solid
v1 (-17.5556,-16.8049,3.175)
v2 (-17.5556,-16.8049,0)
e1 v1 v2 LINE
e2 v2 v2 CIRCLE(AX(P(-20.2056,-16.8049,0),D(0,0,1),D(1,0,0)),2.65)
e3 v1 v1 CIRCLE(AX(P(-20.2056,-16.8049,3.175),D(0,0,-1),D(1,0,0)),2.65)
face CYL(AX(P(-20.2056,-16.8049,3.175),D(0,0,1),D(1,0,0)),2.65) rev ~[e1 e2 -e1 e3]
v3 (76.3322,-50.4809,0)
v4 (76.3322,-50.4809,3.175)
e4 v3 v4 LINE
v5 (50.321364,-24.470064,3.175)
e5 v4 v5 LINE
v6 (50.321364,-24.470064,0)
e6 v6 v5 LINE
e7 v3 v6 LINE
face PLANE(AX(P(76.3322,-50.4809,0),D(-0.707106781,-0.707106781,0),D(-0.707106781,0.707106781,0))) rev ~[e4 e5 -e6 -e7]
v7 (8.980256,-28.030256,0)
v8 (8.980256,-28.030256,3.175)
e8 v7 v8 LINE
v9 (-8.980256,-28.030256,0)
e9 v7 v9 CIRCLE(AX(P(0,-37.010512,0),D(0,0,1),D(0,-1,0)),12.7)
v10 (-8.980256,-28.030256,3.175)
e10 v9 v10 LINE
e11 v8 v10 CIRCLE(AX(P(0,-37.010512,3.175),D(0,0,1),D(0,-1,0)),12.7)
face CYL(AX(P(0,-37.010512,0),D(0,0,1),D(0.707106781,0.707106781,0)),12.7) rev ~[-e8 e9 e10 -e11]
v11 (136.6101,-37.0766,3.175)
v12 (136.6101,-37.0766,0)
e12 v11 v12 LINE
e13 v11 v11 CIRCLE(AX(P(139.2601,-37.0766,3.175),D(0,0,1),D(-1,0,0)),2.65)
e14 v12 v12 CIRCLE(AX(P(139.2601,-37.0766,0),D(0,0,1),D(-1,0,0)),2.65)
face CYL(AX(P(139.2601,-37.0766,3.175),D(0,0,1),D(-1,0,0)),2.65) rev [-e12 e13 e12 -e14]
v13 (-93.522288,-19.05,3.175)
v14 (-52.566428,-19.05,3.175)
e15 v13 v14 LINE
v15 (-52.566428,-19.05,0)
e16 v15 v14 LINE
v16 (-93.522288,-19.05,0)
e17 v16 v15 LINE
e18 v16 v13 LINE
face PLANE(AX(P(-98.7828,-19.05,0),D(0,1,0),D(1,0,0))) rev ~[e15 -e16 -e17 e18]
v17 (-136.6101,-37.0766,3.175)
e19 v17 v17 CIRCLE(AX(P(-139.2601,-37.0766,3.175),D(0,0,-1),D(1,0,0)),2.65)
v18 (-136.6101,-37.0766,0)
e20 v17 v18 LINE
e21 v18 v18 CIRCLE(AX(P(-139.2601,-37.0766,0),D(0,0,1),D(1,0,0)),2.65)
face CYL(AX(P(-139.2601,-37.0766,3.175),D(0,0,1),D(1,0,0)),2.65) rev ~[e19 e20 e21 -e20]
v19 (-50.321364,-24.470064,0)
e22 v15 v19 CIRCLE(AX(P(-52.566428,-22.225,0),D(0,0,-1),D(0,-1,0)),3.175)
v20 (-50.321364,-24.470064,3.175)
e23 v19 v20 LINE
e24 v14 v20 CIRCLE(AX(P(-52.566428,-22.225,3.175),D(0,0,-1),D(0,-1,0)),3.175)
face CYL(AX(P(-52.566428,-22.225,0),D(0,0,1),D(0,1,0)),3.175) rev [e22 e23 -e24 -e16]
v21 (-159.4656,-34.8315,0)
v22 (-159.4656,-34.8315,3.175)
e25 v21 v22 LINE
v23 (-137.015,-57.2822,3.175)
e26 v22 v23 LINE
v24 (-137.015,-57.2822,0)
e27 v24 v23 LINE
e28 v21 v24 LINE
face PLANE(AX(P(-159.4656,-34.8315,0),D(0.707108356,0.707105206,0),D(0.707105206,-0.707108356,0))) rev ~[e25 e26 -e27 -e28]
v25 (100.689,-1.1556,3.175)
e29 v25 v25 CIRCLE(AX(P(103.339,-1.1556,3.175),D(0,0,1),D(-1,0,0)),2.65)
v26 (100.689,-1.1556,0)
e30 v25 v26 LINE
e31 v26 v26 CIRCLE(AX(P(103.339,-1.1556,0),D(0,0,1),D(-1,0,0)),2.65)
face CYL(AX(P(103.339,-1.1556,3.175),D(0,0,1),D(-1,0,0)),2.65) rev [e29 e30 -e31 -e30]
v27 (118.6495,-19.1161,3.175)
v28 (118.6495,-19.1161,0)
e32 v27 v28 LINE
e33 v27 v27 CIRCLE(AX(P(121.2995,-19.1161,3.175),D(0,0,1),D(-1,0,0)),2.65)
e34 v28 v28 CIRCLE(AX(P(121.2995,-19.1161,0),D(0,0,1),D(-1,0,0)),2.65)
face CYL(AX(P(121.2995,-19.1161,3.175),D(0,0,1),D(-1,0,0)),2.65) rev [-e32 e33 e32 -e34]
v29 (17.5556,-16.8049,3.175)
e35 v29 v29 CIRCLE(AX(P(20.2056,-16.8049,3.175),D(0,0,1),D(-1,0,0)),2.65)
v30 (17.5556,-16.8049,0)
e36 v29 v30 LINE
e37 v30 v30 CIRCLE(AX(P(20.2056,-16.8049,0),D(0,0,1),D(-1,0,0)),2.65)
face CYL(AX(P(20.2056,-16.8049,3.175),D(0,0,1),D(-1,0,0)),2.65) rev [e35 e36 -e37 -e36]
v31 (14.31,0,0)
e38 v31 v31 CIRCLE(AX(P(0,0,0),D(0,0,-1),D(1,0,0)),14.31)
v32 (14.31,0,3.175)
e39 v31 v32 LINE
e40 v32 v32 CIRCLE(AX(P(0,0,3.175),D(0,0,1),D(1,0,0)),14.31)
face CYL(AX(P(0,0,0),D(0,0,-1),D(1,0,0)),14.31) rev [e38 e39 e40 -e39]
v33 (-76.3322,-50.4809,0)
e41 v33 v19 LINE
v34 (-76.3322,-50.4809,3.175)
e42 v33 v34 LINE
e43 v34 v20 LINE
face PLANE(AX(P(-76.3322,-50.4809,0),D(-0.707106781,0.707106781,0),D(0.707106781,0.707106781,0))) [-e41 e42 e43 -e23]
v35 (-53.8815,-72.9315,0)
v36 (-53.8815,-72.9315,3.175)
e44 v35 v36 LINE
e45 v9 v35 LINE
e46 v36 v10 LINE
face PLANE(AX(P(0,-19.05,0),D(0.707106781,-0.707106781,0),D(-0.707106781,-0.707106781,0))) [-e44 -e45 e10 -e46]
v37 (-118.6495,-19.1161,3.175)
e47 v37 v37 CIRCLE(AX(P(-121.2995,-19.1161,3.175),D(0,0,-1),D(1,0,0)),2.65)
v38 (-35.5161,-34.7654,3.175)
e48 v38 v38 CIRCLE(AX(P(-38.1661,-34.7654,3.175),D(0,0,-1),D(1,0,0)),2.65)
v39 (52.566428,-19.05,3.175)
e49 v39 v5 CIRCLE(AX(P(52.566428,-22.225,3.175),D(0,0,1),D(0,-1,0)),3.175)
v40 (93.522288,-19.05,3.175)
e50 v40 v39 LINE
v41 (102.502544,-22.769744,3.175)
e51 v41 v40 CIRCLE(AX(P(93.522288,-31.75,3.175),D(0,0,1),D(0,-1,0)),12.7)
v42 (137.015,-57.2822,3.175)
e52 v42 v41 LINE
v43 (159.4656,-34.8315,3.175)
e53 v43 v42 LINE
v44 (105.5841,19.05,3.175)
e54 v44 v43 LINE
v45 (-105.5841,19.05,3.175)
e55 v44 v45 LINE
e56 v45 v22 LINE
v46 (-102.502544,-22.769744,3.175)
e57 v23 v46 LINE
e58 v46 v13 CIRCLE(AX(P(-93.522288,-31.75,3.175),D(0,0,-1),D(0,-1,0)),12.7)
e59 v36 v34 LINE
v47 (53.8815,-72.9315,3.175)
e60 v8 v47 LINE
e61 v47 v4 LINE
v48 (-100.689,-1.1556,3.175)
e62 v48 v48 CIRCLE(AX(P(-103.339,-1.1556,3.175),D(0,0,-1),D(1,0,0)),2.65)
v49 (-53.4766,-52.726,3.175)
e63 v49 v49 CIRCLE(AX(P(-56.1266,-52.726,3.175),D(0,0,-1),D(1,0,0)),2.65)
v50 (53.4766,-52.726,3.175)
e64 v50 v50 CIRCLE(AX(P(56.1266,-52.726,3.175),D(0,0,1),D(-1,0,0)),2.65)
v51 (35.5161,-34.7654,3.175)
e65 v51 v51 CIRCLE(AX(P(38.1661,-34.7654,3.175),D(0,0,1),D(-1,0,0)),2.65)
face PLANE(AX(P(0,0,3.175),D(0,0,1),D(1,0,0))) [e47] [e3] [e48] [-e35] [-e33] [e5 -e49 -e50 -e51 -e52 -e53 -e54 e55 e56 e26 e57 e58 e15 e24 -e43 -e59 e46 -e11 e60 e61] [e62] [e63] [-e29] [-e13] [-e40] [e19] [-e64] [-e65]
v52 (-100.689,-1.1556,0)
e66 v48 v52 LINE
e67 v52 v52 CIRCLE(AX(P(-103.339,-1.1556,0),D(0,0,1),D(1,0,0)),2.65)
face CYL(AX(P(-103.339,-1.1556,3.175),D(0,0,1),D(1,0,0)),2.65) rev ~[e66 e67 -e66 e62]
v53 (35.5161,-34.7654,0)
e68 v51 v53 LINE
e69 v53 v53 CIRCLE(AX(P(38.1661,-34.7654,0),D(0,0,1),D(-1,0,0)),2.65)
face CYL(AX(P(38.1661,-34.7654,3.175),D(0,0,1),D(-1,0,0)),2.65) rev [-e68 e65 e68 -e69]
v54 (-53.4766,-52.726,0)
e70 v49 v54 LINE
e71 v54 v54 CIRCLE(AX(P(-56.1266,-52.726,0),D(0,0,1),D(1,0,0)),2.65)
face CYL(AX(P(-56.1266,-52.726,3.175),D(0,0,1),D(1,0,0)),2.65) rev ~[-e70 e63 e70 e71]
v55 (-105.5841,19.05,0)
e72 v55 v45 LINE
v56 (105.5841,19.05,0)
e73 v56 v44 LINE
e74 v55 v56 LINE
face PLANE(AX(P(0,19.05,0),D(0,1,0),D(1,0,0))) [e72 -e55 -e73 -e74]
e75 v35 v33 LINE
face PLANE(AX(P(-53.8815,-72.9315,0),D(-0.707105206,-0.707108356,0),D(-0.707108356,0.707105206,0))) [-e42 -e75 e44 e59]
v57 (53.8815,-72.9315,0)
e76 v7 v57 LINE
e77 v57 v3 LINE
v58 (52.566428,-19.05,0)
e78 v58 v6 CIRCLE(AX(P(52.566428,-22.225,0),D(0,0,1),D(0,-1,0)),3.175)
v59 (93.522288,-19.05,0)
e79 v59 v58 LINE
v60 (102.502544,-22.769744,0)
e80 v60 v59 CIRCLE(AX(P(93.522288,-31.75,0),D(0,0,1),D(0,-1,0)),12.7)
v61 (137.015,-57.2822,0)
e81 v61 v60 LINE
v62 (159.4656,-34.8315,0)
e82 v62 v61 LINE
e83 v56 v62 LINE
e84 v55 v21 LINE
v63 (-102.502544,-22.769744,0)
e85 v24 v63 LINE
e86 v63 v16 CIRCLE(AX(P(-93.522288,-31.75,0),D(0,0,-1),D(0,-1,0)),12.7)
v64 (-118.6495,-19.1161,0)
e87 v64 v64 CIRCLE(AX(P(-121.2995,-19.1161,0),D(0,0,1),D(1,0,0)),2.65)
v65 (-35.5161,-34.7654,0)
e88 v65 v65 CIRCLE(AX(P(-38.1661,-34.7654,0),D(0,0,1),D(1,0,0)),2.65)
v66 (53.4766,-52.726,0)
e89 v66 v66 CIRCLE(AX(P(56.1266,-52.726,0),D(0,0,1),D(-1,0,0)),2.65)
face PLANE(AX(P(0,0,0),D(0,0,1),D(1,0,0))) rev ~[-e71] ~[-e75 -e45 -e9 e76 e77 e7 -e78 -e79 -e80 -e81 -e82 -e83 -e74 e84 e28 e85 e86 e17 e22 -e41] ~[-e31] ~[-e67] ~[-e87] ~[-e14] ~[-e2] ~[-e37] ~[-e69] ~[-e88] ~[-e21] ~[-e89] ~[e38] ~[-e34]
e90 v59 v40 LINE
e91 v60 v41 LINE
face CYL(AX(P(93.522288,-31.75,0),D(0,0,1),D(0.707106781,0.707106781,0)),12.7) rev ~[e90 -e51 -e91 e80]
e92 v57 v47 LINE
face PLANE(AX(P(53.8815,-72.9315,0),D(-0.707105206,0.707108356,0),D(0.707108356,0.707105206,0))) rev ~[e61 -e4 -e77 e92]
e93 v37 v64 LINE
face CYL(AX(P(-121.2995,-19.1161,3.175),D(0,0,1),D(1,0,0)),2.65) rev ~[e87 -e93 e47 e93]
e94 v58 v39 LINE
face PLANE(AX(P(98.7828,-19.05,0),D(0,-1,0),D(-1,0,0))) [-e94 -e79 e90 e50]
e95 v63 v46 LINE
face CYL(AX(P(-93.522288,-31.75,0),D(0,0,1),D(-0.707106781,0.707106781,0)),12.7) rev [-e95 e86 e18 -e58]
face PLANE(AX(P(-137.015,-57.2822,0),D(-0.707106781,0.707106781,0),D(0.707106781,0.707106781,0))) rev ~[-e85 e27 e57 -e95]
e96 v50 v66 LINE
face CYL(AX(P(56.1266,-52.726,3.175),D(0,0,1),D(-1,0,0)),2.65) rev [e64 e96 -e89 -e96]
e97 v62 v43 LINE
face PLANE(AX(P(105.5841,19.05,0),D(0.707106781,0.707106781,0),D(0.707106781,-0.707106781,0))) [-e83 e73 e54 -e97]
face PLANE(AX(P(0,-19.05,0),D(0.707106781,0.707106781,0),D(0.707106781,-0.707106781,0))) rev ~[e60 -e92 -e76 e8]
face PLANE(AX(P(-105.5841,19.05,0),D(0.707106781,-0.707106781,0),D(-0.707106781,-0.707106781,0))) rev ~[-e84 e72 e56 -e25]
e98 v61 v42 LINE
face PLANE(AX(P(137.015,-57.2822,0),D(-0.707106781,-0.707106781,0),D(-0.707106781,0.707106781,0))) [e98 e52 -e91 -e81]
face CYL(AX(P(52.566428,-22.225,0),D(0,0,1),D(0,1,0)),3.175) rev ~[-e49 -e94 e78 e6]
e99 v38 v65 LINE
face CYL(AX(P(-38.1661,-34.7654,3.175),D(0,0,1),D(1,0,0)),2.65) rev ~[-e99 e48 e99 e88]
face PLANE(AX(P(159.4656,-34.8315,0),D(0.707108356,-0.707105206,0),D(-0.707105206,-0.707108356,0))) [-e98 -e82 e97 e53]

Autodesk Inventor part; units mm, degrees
ref_plane "YZ Plane" through (0, 0, 0) normal (1, 0, 0) x (0, 1, 0)
ref_plane "XZ Plane" through (0, 0, 0) normal (0, 1, 0) x (-1, 0, 0)
ref_plane "XY Plane" through (0, 0, 0) normal (0, 0, 1) x (1, 0, 0)
sketch "Sketch1" plane through (0, 0, 0) normal (0, 0, 1) x (1, 0, 0)
  circle A0 centre (0, 0) radius 14.31
  line L0 (-76.3322, -50.4809) -> (-44.9013, -19.05)
  line L1 (0, -91.3278) -> (0, 37.4463) projected
  line L2 (0, -19.05) -> (-53.8815, -72.9315)
  line L3 (-53.8815, -72.9315) -> (-76.3322, -50.4809)
  line L4 (0, 19.05) -> (-105.5841, 19.05)
  line L5 (-105.5841, 19.05) -> (-159.4656, -34.8315)
  line L6 (-159.4656, -34.8315) -> (-137.015, -57.2822)
  line L7 (-137.015, -57.2822) -> (-98.7828, -19.05)
  line L8 (-98.7828, -19.05) -> (-44.9013, -19.05)
  line L9 (76.3322, -50.4809) -> (44.9013, -19.05)
  line L10 (0, -19.05) -> (53.8815, -72.9315)
  line L11 (53.8815, -72.9315) -> (76.3322, -50.4809)
  line L12 (0, 19.05) -> (105.5841, 19.05)
  line L13 (105.5841, 19.05) -> (159.4656, -34.8315)
  line L14 (159.4656, -34.8315) -> (137.015, -57.2822)
  line L15 (137.015, -57.2822) -> (98.7828, -19.05)
  line L16 (98.7828, -19.05) -> (44.9013, -19.05)
  line L17 (0, -19.05) -> (-10.6721, -29.7221)
  point P0 (-66.8959, -41.0446)
  dimension "d1" = 28.62
  dimension "d4" = 76.2
  dimension "d6" = 45
  dimension "d15" = 31.75
  dimension "d59" = 31.75
  dimension "d61" = 101.6
  dimension "d62" = 38.1
  dimension "d63" = 19.05
  dimension "d83" = 19.05
extrude "Extrusion1" add sketch "Sketch1" along normal blind 3.175 contours A0 L1 L12 L13 L14 L15 L16 L9 L11 L10 | A0 L1 L2 L3 L0 L8 L7 L6 L5 L4
sketch "Sketch3" plane through (0, 0, 3.175) normal (0, 0, 1) x (1, 0, 0)
  line L0 (53.8815, -72.9315) -> (76.3322, -50.4809) projected
  line L1 (76.3322, -50.4809) -> (44.9013, -19.05) projected
  line L2 (44.9013, -19.05) -> (98.7828, -19.05) projected
  line L3 (98.7828, -19.05) -> (137.015, -57.2822) projected
  line L4 (137.015, -57.2822) -> (159.4656, -34.8315) projected
  line L5 (159.4656, -34.8315) -> (105.5841, 19.05) projected
  line L6 (105.5841, 19.05) -> (-105.5841, 19.05) projected
  line L7 (-105.5841, 19.05) -> (-159.4656, -34.8315) projected
  line L8 (-159.4656, -34.8315) -> (-137.015, -57.2822) projected
  line L9 (-137.015, -57.2822) -> (-98.7828, -19.05) projected
  line L10 (-98.7828, -19.05) -> (-44.9013, -19.05) projected
  line L11 (-44.9013, -19.05) -> (-76.3322, -50.4809) projected
  line L12 (-76.3322, -50.4809) -> (-53.8815, -72.9315) projected
  line L13 (-53.8815, -72.9315) -> (0, -19.05) projected
  line L14 (0, -19.05) -> (53.8815, -72.9315) projected
  circle A0 centre (0, 0) radius 14.31 projected
  line L15 (-148.2403, -46.0569) -> (-83.1335, 19.05)
  line L16 (-65.1069, -61.7062) -> (15.6494, 19.05)
  circle A1 centre (-139.2601, -37.0766) radius 2.65
  circle A2 centre (-121.2995, -19.1161) radius 2.65
  circle A3 centre (-103.339, -1.1556) radius 2.65
  circle A4 centre (-56.1266, -52.726) radius 2.65
  circle A5 centre (-38.1661, -34.7654) radius 2.65
  circle A6 centre (-20.2056, -16.8049) radius 2.65
  dimension "d64" = 5.3
  dimension "d67" = 25.4
  dimension "d72" = 12.7
  dimension "d73" = 12.7
  dimension "d76" = 25.4
extrude "Extrusion3" cut sketch "Sketch3" against normal blind 25.4 contours A4 L16 | L16 A4 | A5 L16 | L16 A5 | A6 L16 | L16 A6 | A3 L15 | L15 A3 | A1 L15 | L15 A1 | A2 L15 | L15 A2
mirror "Mirror2" about plane through (0, 0, 0) normal (1, 0, 0) of "Extrusion3"
fillet "Fillet1" radius 12.7 3 edges at (-98.7828, -19.05, 1.5875) (0, -19.05, 1.5875) (98.7828, -19.05, 1.5875)
fillet "Fillet2" radius 3.175 2 edges at (-44.9013, -19.05, 1.5875) (44.9013, -19.05, 1.5875)
equation "\"d1\" = bearingDiameter"
equation "\"d4\" = boltedLength"
equation "\"d6\" = 0.5 * theta12"
equation "\"d59\" = d15"
equation "\"d61\" = gearboxLength"
equation "\"d63\" = 0.5 * d62"
equation "\"d83\" = d63"
equation "\"topDiameter\" = 45"
equation "\"bearingDiameter\" = 28.62"
equation "\"plateThickness\" = 6.35"
equation "\"theta12\" = 90deg"
equation "\"gearboxLength\" = 101.6"
equation "\"boltedLength\" = 76.2"
equation "\"topDiameter_1\" = 25"
equation "\"shaftLength_1\" = 76.2"
equation "\"bearingDiameter_1\" = 28.62"
equation "\"plateThickness_1\" = 6.35"
equation "\"theta12_1\" = 100deg"
equation "\"boltDiameter_1\" = 6"
equation "\"gearboxLength_1\" = 101.6"
equation "\"boltedLength_1\" = 76.2"
equation "\"innerBoltSpacing_1\" = 12.7"
equation "\"outerBoltSpacing_1\" = 12.7"
equation "\"shaftLength\" = 76.2"
equation "\"boltDiameter\" = 5.3"
equation "\"outerBoltSpacing\" = 12.7"
equation "\"innerBoltSpacing\" = 12.7"
properties part number "CH1-01-KneePivotPlate" material "Aluminum 6061"
